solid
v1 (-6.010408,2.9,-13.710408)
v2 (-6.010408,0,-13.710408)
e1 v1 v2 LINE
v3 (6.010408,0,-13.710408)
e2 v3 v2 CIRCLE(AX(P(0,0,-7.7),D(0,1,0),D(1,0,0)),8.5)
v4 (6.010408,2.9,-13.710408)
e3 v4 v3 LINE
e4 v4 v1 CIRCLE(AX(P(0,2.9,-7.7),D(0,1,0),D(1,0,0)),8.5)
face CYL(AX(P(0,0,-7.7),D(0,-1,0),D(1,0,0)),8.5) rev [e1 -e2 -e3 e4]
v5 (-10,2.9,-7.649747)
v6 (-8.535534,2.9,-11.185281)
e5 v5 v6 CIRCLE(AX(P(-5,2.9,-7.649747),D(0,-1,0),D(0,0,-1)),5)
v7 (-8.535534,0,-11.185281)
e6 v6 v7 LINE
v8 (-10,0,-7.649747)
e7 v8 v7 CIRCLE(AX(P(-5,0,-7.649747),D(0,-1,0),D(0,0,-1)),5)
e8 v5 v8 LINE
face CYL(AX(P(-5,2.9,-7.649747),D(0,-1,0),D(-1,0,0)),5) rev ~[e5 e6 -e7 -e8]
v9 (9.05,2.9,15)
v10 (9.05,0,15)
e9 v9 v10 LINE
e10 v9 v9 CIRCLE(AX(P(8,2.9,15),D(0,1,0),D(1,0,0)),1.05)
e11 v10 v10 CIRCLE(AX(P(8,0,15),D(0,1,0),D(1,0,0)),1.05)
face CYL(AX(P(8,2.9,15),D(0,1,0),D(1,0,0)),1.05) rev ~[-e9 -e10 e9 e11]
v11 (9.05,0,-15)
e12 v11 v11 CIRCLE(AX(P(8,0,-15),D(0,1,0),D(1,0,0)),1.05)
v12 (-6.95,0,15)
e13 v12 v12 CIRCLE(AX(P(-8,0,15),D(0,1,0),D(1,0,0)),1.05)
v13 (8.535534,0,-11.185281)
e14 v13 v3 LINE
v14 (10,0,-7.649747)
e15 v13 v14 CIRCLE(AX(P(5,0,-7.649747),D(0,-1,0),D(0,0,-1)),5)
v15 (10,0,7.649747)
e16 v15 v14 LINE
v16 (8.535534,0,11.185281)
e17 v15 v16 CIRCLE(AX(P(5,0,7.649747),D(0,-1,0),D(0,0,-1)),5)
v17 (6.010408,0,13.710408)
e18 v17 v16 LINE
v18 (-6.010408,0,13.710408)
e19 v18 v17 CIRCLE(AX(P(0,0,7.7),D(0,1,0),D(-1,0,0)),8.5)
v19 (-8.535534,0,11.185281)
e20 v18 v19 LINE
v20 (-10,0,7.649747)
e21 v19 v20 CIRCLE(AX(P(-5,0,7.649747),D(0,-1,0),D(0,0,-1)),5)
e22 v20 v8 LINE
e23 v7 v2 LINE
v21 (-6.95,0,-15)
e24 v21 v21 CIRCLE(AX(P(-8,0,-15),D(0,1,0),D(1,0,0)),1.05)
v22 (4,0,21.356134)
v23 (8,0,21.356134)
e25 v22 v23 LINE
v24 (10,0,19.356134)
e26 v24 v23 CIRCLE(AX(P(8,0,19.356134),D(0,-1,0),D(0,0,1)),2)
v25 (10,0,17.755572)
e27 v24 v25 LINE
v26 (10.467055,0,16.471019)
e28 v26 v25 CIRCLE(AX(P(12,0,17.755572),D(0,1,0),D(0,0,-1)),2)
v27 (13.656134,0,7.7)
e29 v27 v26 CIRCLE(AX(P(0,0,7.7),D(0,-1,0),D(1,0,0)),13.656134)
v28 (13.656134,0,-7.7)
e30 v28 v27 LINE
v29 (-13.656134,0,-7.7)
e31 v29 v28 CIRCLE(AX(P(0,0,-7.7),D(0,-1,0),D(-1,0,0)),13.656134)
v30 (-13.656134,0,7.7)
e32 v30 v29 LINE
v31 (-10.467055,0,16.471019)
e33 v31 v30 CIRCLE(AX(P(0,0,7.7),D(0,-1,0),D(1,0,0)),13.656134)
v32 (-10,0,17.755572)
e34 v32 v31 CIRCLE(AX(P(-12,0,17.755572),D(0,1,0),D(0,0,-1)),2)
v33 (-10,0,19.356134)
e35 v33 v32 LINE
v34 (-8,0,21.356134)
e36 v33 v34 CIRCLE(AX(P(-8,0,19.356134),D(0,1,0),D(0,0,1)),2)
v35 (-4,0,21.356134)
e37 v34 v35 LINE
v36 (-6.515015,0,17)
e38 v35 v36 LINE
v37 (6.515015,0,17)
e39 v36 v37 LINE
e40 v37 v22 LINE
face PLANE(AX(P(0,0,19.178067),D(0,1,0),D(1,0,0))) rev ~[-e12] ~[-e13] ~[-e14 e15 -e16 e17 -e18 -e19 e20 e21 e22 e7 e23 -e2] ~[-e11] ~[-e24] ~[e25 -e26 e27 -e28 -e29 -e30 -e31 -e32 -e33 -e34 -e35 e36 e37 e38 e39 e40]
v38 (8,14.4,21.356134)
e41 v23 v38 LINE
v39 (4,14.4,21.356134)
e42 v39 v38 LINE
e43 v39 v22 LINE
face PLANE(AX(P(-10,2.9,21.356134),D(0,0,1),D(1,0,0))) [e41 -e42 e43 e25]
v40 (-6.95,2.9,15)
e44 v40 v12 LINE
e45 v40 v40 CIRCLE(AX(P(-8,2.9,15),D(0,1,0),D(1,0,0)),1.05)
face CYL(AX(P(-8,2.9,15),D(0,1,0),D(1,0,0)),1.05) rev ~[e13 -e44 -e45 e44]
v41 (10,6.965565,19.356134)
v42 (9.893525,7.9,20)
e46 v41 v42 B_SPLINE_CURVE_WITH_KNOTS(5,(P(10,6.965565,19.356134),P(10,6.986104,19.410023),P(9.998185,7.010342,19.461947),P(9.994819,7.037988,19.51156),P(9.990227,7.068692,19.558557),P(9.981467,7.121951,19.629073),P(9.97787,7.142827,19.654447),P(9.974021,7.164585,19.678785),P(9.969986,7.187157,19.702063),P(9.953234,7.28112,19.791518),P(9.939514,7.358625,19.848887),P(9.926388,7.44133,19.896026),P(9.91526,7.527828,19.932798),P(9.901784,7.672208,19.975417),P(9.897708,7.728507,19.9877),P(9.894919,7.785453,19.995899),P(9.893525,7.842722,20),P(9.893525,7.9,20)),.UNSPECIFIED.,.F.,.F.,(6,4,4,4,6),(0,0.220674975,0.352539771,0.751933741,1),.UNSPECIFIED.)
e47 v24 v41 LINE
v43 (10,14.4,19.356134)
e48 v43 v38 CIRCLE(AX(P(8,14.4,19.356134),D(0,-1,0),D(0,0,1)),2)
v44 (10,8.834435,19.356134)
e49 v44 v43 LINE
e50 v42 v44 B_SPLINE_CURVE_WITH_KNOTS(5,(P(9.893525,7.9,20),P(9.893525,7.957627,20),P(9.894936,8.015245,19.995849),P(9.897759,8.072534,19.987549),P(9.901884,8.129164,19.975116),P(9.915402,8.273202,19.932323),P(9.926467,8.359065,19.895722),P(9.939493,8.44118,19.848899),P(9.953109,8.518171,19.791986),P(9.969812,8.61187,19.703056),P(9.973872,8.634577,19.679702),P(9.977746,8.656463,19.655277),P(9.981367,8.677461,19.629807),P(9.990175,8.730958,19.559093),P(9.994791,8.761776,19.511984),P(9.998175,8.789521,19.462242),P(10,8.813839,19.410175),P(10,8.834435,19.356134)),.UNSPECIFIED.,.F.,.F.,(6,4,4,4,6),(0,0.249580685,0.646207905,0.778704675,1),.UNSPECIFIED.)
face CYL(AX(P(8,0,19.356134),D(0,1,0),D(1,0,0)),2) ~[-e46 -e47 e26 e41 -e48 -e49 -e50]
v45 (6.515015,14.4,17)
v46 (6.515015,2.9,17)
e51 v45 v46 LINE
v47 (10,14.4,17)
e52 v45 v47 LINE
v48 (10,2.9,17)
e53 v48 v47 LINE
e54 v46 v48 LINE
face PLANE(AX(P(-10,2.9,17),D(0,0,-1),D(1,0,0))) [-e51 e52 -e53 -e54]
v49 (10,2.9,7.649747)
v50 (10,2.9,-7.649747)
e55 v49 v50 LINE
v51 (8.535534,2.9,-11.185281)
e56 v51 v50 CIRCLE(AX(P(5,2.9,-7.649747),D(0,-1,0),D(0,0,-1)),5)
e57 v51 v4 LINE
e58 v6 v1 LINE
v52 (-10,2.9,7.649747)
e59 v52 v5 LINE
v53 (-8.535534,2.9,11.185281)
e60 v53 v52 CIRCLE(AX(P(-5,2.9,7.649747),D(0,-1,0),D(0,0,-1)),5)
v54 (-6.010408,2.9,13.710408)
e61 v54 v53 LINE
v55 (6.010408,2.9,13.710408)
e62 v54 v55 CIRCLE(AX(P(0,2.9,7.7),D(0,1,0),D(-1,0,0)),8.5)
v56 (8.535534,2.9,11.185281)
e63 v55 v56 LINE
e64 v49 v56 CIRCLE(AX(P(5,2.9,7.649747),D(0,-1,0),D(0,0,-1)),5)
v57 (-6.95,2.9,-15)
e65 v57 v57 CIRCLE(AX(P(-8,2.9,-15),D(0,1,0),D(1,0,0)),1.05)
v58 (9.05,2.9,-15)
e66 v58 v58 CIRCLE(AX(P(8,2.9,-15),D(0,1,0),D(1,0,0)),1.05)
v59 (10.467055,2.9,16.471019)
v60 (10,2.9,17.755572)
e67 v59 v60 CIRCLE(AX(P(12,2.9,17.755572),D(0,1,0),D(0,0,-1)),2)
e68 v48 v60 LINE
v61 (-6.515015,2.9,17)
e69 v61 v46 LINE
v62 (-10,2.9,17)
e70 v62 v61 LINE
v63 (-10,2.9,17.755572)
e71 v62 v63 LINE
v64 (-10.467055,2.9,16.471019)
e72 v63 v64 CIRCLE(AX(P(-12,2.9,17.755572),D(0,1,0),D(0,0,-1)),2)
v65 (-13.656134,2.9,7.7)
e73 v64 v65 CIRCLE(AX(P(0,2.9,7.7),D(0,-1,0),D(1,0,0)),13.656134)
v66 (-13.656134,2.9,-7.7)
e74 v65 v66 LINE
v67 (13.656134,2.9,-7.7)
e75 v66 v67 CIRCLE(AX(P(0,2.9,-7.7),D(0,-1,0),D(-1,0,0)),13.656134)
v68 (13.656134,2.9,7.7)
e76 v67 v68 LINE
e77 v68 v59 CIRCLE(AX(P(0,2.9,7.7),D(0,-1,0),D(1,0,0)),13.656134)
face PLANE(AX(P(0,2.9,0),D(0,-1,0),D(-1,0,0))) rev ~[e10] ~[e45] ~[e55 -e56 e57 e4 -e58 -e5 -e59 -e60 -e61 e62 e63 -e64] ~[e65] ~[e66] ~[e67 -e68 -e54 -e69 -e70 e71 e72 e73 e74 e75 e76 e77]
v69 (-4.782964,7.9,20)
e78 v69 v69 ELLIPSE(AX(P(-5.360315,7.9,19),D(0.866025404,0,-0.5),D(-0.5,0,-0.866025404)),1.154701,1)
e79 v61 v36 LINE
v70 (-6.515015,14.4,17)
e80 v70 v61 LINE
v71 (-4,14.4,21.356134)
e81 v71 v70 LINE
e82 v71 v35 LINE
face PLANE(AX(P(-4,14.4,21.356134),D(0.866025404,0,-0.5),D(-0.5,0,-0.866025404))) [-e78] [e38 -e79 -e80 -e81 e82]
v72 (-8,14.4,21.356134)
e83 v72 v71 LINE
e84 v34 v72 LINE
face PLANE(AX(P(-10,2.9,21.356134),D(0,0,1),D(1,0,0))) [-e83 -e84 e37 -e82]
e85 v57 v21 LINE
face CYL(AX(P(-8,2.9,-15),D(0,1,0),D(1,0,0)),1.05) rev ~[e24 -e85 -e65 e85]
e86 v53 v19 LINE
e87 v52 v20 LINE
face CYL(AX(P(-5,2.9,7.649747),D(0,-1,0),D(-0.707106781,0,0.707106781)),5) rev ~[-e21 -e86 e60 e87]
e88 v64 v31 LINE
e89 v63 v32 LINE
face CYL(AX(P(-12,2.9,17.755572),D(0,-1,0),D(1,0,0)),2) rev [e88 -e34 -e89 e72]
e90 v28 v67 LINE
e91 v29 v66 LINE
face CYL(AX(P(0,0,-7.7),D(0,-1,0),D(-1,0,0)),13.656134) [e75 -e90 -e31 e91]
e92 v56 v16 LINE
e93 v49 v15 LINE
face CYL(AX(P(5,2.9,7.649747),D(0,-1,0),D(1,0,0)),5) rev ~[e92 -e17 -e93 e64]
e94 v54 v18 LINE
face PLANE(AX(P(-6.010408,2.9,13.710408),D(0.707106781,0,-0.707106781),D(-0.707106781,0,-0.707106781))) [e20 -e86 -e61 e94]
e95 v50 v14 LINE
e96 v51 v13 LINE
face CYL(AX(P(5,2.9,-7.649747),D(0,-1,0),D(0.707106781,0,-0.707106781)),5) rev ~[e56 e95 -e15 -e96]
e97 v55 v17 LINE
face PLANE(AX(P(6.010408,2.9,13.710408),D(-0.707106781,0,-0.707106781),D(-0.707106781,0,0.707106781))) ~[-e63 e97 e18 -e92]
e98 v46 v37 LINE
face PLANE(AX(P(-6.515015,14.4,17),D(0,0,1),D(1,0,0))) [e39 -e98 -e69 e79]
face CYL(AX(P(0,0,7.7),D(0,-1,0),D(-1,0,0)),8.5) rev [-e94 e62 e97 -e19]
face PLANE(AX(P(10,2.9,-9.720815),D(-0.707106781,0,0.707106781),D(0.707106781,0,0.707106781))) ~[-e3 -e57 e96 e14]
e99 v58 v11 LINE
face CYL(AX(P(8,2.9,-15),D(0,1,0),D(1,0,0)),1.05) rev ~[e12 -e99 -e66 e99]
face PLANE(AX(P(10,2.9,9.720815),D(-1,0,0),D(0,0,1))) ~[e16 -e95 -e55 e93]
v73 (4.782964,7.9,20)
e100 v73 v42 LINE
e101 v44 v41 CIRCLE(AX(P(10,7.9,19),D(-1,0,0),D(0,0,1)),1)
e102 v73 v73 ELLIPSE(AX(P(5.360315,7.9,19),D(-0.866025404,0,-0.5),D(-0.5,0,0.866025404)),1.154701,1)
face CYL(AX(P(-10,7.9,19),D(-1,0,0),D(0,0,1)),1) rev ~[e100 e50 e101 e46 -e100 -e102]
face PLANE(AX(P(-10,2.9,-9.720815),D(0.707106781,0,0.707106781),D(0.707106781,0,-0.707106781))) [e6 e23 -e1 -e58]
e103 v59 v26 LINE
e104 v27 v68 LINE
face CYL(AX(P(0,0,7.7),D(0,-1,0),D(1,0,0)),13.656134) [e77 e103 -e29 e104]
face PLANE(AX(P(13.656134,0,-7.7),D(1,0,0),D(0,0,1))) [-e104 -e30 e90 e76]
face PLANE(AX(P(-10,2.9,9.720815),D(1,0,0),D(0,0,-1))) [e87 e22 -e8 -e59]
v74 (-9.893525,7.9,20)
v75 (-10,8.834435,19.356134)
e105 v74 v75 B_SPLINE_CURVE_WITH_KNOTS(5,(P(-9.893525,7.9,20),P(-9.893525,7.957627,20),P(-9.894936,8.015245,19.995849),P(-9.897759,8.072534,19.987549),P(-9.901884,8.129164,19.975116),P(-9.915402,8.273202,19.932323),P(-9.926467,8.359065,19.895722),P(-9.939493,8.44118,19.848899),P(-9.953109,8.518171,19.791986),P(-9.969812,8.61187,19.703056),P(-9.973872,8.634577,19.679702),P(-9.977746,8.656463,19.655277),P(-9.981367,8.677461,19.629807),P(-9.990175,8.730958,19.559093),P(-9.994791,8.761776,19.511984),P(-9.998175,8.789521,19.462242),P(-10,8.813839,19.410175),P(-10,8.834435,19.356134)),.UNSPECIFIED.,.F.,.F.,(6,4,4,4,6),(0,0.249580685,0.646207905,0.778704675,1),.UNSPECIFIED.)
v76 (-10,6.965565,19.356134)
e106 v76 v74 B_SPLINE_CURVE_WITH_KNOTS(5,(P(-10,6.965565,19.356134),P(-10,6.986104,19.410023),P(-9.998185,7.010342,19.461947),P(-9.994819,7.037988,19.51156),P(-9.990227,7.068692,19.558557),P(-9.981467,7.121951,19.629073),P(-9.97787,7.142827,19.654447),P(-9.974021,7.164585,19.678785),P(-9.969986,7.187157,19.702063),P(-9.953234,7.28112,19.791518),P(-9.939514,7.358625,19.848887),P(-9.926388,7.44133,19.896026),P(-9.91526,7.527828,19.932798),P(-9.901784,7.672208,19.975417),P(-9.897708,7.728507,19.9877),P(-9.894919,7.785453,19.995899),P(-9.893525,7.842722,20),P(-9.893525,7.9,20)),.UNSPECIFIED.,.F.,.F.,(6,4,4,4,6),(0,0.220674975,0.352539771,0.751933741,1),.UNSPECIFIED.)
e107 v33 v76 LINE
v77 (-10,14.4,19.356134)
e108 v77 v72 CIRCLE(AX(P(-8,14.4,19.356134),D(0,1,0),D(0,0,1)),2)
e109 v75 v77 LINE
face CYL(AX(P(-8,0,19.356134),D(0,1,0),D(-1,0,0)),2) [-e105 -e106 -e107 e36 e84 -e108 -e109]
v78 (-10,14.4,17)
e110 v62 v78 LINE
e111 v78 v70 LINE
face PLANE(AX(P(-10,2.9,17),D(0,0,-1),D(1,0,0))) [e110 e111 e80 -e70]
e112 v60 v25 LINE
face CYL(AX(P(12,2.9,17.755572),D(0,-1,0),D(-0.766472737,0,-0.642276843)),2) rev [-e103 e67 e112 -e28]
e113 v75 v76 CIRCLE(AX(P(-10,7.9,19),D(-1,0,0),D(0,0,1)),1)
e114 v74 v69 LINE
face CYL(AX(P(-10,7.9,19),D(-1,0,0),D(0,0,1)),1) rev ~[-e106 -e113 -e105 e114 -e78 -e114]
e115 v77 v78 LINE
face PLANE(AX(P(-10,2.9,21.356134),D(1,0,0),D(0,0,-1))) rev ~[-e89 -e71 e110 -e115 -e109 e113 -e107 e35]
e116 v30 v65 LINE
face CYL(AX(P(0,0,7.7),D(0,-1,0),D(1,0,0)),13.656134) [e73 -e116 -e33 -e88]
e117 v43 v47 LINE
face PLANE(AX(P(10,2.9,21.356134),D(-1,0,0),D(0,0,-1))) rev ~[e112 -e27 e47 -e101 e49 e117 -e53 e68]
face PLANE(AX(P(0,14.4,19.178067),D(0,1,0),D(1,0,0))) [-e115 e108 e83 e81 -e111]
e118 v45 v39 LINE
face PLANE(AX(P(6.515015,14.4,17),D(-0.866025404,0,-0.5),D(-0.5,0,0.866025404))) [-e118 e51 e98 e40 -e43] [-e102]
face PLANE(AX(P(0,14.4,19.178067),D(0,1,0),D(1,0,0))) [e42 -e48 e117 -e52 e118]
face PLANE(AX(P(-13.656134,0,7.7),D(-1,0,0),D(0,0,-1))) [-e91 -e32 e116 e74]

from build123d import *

# Parameters (mm, degrees)
BOSS_EXTRUDE6_DEPTH      = 2.9
SKETCH27_R               = 1.05
CUT_EXTRUDE12_DEPTH      = 3.9
SKETCH29_W               = 20
SKETCH29_H               = 4.356134153
BOSS_EXTRUDE8_DEPTH      = 11.5
BOSS_EXTRUDE8_DEPTH_BACK = 2.9
CUT_EXTRUDE13_DEPTH      = 15.4
FILLET1_R                = 2
SKETCH31_R               = 1
CUT_EXTRUDE14_DEPTH      = 4.656134153
CUT_EXTRUDE14_DEPTH_BACK = 24.656134153
CUT_EXTRUDE16_DEPTH      = 10
FILLET3_R                = 5
FILLET3_OF_MIRROR2_R     = 5


with BuildPart() as part:
    # Sketch26 → Boss-Extrude6 (new body)
    with BuildSketch(Plane(origin=(0, 0, 0), x_dir=(1, 0, 0), z_dir=(0, 1, 0))):
        with BuildLine():
            Line((-13.656134153, -7.7), (-13.656134153, 7.7))
            ThreePointArc((-13.656134153, 7.7), (0, 21.356134153), (13.656134153, 7.7))
            Line((13.656134153, 7.7), (13.656134153, -7.7))
            ThreePointArc((13.656134153, -7.7), (0, -21.356134153), (-13.656134153, -7.7))
        make_face()
        with BuildLine():
            Line((-8.5, 7.7), (-8.5, -7.7))
            ThreePointArc((-8.5, -7.7), (0, -16.2), (8.5, -7.7))
            Line((8.5, -7.7), (8.5, 7.7))
            ThreePointArc((8.5, 7.7), (0, 16.2), (-8.5, 7.7))
        make_face(mode=Mode.SUBTRACT)
    extrude(amount=BOSS_EXTRUDE6_DEPTH)

    # Sketch27 → Cut-Extrude12 (cut, through all)
    with BuildSketch(Plane(origin=(0, 2.9, 0), x_dir=(1, 0, 0), z_dir=(0, 1, 0))):
        with Locations((-8, 15)):
            Circle(SKETCH27_R)
        with Locations((8, 15)):
            Circle(SKETCH27_R)
        with Locations((8, -15)):
            Circle(SKETCH27_R)
        with Locations((-8, -15)):
            Circle(SKETCH27_R)
    extrude(amount=-CUT_EXTRUDE12_DEPTH, mode=Mode.SUBTRACT)

    # Sketch29 → Boss-Extrude8 (add, two sides)
    with BuildSketch(Plane(origin=(0, 2.9, 0), x_dir=(1, 0, 0), z_dir=(0, 1, 0))) as boss_extrude8_sk:
        with Locations((0, -19.178067076)):
            Rectangle(SKETCH29_W, SKETCH29_H)
    extrude(amount=BOSS_EXTRUDE8_DEPTH)
    extrude(boss_extrude8_sk.sketch, amount=-BOSS_EXTRUDE8_DEPTH_BACK)

    # Sketch30 → Cut-Extrude13 (cut, through all)
    with BuildSketch(Plane(origin=(0, 14.4, 0), x_dir=(1, 0, 0), z_dir=(0, 1, 0))):
        Polygon((-4, -21.356134153), (-6.515015226, -17), (6.515015226, -17), (4, -21.356134153), align=None)
    extrude(amount=-CUT_EXTRUDE13_DEPTH, mode=Mode.SUBTRACT)

    # Fillet1
    fillet1_edges = [part.edges().sort_by_distance(p)[0] for p in [
        (10, 7.2, 21.356134153),
        (10, 1.45, 17),
        (-10, 1.45, 17),
        (-10, 7.2, 21.356134153),
    ]]
    fillet(fillet1_edges, radius=FILLET1_R)

    # Sketch31 → Cut-Extrude14 (cut, two sides)
    with BuildSketch(Plane.ZY.offset(10)) as cut_extrude14_sk:
        with Locations((19, 7.9)):
            Circle(SKETCH31_R)
    extrude(amount=CUT_EXTRUDE14_DEPTH, mode=Mode.SUBTRACT)
    extrude(cut_extrude14_sk.sketch, amount=-CUT_EXTRUDE14_DEPTH_BACK, mode=Mode.SUBTRACT)

    # Sketch34 → Cut-Extrude16 (cut)
    with BuildSketch(Plane(origin=(0, 2.9, 0), x_dir=(1, 0, 0), z_dir=(0, 1, 0))):
        Polygon((-10, 9.72081528), (-6.01040764, 13.71040764), (-6.01040764, -13.71040764), (-10, -9.72081528), align=None)
    cut_extrude16 = extrude(amount=-CUT_EXTRUDE16_DEPTH, mode=Mode.SUBTRACT)

    # Fillet3
    fillet3_edges = [part.edges().sort_by_distance(p)[0] for p in [
        (-10, 1.45, 9.72081528),
        (-10, 1.45, -9.72081528),
    ]]
    fillet(fillet3_edges, radius=FILLET3_R)

    # Mirror2: Cut-Extrude16 across plane
    add(cut_extrude16.mirror(Plane(origin=(0, 0, 0), x_dir=(0, 0, 1), z_dir=(1, 0, 0))), mode=Mode.SUBTRACT)

    # Fillet3 of Mirror2
    fillet3_of_mirror2_edges = [part.edges().sort_by_distance(p)[0] for p in [
        (10, 1.45, 9.72081528),
        (10, 1.45, -9.72081528),
    ]]
    fillet(fillet3_of_mirror2_edges, radius=FILLET3_OF_MIRROR2_R)


solid = part.part
